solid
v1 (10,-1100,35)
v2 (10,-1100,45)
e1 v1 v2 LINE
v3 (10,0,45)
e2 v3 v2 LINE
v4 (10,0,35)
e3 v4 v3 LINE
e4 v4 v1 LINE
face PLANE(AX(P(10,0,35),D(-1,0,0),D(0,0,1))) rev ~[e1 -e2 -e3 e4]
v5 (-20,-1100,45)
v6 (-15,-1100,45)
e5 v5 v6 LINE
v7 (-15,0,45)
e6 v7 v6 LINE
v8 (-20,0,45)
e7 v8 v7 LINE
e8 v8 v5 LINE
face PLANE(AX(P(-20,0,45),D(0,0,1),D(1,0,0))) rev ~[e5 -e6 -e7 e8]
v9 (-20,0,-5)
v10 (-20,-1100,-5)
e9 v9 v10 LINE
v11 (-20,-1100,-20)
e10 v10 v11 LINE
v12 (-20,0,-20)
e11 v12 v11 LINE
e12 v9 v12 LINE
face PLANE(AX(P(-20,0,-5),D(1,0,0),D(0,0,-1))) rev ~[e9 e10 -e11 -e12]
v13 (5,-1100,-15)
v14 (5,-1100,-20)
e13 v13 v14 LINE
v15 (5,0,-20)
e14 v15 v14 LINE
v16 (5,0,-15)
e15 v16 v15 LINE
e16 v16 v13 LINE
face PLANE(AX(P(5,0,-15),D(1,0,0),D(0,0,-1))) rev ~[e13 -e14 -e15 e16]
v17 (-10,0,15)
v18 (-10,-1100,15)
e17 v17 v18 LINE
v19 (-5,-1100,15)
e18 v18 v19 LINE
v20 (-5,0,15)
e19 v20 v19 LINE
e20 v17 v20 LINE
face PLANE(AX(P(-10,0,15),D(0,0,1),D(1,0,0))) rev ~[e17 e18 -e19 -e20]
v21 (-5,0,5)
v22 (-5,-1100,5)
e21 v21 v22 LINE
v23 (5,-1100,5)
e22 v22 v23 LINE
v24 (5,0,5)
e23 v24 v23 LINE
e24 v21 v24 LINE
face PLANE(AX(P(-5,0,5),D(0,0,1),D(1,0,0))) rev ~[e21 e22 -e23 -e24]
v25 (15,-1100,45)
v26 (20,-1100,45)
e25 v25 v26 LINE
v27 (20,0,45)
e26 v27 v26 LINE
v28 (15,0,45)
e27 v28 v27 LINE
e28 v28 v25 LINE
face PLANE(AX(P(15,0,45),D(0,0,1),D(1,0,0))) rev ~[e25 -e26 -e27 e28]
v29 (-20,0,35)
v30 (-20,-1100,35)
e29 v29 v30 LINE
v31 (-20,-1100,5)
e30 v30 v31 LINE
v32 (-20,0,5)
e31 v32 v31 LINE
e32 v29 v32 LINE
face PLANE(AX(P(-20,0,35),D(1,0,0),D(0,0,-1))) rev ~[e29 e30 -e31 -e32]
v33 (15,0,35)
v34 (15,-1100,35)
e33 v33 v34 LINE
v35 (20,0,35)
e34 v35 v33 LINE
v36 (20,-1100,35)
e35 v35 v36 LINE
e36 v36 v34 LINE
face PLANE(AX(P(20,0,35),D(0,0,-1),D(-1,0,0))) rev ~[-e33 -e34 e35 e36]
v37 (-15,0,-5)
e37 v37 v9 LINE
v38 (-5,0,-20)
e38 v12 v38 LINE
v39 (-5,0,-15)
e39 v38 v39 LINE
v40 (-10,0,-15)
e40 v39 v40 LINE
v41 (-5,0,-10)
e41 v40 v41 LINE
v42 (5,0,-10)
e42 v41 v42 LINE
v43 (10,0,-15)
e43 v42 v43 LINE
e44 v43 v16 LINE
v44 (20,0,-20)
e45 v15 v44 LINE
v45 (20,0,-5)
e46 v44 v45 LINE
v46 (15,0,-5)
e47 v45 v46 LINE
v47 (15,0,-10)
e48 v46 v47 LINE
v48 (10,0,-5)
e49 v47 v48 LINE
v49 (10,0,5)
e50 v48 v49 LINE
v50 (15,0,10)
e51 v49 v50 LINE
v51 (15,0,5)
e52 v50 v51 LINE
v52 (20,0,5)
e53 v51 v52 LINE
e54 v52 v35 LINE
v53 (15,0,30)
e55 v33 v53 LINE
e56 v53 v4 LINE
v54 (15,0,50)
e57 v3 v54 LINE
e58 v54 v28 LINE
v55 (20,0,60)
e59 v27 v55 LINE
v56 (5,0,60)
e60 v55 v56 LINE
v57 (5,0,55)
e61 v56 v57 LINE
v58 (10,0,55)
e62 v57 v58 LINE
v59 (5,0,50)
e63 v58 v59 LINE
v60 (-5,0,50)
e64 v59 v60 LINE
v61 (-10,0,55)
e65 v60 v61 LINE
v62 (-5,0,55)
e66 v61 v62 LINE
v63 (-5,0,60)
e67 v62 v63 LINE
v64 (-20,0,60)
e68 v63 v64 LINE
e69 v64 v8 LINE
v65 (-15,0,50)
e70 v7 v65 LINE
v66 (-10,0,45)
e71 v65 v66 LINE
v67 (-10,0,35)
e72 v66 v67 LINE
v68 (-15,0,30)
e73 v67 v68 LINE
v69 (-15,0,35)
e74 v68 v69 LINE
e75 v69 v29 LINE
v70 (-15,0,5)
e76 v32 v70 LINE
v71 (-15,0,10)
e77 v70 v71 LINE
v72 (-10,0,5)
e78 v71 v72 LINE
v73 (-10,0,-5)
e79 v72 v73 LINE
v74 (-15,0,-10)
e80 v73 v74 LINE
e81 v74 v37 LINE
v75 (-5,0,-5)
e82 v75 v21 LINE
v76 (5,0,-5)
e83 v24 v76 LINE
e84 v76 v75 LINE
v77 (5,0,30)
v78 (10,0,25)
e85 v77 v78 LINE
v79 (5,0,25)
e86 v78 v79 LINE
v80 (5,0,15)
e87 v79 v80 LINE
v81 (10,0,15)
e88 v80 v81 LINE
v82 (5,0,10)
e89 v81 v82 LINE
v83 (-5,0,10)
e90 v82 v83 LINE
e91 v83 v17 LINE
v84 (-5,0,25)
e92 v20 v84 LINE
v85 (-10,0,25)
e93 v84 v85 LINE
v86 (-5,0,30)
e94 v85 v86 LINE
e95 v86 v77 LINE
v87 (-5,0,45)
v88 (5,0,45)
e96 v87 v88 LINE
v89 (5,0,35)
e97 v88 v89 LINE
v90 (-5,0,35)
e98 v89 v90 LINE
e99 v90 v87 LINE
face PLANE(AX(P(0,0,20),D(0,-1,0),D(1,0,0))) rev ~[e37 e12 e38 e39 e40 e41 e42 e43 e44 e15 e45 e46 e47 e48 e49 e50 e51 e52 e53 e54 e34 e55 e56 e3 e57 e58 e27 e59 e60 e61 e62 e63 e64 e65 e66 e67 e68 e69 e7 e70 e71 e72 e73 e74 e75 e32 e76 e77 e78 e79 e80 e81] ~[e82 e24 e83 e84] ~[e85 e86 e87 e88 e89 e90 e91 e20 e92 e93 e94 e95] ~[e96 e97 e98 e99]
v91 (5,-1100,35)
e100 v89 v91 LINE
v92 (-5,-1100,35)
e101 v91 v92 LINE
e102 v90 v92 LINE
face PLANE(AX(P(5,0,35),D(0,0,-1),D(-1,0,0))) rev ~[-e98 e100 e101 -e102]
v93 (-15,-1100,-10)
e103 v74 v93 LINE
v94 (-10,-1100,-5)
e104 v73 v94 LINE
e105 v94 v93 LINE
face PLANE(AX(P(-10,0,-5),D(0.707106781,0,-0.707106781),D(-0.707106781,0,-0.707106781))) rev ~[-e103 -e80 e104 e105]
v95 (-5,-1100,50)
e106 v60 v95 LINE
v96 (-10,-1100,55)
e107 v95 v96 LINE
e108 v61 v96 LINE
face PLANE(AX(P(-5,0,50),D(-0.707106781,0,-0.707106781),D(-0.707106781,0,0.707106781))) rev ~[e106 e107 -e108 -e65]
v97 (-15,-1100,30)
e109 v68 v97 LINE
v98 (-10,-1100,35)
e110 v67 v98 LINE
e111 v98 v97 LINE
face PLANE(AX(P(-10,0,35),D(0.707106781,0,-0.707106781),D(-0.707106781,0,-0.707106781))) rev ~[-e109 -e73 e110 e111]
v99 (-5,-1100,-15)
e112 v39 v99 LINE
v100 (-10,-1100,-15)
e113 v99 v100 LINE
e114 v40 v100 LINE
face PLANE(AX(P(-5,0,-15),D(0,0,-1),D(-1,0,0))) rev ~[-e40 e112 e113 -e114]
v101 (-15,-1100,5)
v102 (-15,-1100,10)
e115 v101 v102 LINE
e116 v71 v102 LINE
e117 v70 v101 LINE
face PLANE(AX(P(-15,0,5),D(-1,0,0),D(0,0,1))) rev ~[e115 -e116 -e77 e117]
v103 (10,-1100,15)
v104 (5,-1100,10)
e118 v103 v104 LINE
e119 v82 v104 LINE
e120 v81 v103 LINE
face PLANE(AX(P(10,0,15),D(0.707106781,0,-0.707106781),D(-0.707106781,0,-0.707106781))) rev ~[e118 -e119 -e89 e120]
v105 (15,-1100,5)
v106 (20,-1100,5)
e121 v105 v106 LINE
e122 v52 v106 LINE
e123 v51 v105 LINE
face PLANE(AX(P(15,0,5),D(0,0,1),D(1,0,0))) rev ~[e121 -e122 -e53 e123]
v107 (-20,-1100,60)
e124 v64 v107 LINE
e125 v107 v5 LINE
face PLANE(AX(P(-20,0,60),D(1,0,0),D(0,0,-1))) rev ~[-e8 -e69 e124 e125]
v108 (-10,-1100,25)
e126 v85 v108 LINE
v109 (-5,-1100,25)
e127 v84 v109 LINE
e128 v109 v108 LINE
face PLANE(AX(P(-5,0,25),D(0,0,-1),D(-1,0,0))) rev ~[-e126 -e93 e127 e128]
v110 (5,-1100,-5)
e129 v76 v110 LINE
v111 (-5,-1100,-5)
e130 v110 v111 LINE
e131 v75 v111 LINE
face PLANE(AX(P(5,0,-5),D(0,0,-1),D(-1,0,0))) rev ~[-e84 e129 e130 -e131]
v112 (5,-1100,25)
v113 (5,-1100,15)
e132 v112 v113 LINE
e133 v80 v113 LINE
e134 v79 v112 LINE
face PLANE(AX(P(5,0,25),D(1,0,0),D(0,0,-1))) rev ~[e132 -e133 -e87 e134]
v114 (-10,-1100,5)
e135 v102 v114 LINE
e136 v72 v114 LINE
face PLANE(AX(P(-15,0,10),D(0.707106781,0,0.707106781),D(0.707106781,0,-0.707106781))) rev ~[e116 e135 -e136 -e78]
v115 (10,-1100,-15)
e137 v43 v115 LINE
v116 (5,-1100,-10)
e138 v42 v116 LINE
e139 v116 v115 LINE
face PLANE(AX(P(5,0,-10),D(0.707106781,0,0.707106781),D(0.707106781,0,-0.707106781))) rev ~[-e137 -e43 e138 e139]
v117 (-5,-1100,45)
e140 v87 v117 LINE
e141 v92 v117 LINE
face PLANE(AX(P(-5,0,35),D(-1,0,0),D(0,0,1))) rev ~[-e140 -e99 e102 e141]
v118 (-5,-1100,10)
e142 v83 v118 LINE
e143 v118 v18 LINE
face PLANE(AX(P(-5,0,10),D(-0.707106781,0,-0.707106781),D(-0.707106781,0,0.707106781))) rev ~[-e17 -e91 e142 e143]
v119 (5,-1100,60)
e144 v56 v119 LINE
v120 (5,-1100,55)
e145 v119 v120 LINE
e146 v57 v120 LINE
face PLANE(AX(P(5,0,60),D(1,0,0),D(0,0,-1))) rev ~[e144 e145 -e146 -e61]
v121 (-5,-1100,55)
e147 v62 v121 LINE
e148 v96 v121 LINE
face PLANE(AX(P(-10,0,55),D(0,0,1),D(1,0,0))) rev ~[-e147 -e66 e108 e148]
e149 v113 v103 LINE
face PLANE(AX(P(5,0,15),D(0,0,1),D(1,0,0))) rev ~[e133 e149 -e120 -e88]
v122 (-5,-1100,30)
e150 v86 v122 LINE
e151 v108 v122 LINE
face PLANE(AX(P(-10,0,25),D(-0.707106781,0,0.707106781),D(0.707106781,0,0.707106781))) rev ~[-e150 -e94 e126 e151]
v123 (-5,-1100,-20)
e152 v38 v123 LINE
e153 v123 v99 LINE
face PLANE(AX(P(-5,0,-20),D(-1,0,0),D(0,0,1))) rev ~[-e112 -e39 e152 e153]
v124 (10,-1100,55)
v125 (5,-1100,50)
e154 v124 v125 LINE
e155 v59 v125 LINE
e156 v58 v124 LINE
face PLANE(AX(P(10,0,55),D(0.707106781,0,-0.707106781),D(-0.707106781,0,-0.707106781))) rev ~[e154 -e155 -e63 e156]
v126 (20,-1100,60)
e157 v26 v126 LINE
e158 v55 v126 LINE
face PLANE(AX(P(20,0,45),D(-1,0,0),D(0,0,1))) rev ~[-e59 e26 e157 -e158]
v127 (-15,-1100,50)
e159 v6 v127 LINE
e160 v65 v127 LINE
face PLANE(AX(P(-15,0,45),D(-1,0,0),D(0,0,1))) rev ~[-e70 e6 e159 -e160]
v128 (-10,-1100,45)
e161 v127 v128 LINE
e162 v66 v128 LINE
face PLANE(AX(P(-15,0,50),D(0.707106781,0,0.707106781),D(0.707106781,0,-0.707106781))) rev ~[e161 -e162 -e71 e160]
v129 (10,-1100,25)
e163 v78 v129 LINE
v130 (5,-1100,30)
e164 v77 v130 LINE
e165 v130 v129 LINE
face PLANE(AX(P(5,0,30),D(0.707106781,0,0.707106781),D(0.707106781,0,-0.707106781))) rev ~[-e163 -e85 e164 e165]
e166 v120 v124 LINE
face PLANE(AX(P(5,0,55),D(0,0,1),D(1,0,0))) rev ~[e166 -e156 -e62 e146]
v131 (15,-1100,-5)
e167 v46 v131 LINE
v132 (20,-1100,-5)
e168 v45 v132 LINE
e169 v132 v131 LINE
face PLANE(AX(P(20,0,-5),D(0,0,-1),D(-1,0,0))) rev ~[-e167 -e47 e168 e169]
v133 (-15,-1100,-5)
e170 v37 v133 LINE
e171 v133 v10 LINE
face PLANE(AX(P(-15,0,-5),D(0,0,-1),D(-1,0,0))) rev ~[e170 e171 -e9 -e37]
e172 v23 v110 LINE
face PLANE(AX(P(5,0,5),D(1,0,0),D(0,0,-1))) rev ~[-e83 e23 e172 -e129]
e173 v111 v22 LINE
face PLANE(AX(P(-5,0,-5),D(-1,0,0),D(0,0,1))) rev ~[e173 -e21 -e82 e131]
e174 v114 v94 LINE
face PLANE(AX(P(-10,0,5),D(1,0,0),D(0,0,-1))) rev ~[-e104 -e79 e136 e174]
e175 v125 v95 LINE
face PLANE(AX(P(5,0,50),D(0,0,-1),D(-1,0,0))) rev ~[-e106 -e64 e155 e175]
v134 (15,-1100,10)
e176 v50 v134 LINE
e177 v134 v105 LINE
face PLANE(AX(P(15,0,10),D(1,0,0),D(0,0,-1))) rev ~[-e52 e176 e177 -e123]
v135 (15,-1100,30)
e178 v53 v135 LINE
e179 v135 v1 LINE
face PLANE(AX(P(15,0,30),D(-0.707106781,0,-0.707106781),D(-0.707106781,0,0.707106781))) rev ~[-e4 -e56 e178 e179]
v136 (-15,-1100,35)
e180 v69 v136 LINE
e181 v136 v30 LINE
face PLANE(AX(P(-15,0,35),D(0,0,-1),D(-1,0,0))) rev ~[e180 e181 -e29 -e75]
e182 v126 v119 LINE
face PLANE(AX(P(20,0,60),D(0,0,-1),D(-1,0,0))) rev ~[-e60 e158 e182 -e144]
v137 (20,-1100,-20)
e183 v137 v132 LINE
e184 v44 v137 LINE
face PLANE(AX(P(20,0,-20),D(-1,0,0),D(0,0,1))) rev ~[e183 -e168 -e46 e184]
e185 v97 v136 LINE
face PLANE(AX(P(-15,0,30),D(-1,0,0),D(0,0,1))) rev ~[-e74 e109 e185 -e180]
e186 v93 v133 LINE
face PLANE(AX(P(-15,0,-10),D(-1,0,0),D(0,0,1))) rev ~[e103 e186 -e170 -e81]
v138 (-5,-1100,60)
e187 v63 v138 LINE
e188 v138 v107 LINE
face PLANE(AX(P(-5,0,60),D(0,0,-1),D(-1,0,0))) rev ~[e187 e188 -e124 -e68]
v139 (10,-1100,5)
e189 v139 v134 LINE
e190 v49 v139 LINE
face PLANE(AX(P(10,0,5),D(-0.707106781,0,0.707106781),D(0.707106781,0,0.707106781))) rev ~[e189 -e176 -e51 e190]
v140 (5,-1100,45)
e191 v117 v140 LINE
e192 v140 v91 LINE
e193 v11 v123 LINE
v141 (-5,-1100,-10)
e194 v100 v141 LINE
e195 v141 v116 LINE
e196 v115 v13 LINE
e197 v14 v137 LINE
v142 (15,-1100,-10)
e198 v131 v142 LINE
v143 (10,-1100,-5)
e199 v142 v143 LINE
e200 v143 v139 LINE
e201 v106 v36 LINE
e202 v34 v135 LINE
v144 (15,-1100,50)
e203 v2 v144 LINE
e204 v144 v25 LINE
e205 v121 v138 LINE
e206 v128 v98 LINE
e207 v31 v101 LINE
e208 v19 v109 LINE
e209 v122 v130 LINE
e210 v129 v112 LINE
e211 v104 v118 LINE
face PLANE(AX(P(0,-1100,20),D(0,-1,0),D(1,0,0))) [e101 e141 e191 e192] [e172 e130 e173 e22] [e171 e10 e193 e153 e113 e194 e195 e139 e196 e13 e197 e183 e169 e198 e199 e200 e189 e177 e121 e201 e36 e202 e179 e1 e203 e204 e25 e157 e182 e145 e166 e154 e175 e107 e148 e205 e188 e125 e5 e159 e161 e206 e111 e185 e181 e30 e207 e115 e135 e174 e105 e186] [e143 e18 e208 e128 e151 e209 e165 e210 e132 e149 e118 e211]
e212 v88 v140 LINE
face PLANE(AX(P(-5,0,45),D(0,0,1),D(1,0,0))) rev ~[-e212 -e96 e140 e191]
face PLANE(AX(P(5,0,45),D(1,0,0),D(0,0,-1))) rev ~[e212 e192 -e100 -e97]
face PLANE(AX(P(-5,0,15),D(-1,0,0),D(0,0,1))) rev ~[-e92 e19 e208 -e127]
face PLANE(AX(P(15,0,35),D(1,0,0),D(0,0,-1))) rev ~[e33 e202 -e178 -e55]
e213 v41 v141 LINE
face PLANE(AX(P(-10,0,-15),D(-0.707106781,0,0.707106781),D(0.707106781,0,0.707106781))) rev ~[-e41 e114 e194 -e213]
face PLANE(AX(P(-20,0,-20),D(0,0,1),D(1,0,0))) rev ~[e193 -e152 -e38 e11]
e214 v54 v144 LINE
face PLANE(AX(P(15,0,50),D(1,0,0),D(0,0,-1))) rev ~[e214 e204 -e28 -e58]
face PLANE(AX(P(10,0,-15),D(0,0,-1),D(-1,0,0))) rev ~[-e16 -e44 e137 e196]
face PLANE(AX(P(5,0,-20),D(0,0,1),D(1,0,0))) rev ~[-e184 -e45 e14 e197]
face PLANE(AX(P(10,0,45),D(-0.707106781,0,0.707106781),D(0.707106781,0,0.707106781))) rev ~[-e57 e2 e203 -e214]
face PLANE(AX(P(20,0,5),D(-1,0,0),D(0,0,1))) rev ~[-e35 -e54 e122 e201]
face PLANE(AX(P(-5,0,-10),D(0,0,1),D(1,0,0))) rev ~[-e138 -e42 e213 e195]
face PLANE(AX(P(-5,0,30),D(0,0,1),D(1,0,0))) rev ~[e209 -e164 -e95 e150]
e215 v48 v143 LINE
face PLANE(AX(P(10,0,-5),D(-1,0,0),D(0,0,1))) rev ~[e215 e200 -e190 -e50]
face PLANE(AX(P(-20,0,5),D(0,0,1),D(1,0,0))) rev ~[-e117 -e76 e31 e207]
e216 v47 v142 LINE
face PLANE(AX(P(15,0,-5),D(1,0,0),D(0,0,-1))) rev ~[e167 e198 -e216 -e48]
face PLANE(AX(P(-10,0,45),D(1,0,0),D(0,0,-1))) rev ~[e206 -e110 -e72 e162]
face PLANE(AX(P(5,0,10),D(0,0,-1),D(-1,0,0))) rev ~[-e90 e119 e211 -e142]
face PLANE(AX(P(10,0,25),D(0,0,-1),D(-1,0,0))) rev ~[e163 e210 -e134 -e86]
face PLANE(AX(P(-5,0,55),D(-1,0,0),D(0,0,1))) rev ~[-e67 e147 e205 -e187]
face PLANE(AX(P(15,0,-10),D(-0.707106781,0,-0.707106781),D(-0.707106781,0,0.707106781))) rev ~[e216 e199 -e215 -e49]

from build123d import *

# Parameters (mm, degrees)
F1_DEPTH = 1100


with BuildPart() as f1:
    # F0 (on Front) → F1 (new body)
    with BuildSketch(Plane.XZ):
        Polygon((5, -20), (20, -20), (20, -5), (15, -5), (15, -10), (10, -5), (10, 5), (15, 10), (15, 5), (20, 5), (20, 20), (20, 35), (15, 35), (15, 30), (10, 35), (10, 45), (15, 50), (15, 45), (20, 45), (20, 60), (5, 60), (5, 55), (10, 55), (5, 50), (-5, 50), (-10, 55), (-5, 55), (-5, 60), (-20, 60), (-20, 45), (-15, 45), (-15, 50), (-10, 45), (-10, 35), (-15, 30), (-15, 35), (-20, 35), (-20, 20), (-20, 5), (-15, 5), (-15, 10), (-10, 5), (-10, -5), (-15, -10), (-15, -5), (-20, -5), (-20, -20), (-5, -20), (-5, -15), (-10, -15), (-5, -10), (5, -10), (10, -15), (5, -15), align=None)
        Polygon((-5, 0), (-5, 5), (0, 5), (5, 5), (5, 0), (5, -5), (0, -5), (-5, -5), align=None, mode=Mode.SUBTRACT)
        Polygon((-5, 15), (-5, 20), (-5, 25), (-10, 25), (-5, 30), (5, 30), (10, 25), (5, 25), (5, 20), (5, 15), (10, 15), (5, 10), (-5, 10), (-10, 15), align=None, mode=Mode.SUBTRACT)
        Polygon((-5, 40), (-5, 45), (0, 45), (5, 45), (5, 40), (5, 35), (0, 35), (-5, 35), align=None, mode=Mode.SUBTRACT)
    extrude(amount=F1_DEPTH)


solid = f1.part
